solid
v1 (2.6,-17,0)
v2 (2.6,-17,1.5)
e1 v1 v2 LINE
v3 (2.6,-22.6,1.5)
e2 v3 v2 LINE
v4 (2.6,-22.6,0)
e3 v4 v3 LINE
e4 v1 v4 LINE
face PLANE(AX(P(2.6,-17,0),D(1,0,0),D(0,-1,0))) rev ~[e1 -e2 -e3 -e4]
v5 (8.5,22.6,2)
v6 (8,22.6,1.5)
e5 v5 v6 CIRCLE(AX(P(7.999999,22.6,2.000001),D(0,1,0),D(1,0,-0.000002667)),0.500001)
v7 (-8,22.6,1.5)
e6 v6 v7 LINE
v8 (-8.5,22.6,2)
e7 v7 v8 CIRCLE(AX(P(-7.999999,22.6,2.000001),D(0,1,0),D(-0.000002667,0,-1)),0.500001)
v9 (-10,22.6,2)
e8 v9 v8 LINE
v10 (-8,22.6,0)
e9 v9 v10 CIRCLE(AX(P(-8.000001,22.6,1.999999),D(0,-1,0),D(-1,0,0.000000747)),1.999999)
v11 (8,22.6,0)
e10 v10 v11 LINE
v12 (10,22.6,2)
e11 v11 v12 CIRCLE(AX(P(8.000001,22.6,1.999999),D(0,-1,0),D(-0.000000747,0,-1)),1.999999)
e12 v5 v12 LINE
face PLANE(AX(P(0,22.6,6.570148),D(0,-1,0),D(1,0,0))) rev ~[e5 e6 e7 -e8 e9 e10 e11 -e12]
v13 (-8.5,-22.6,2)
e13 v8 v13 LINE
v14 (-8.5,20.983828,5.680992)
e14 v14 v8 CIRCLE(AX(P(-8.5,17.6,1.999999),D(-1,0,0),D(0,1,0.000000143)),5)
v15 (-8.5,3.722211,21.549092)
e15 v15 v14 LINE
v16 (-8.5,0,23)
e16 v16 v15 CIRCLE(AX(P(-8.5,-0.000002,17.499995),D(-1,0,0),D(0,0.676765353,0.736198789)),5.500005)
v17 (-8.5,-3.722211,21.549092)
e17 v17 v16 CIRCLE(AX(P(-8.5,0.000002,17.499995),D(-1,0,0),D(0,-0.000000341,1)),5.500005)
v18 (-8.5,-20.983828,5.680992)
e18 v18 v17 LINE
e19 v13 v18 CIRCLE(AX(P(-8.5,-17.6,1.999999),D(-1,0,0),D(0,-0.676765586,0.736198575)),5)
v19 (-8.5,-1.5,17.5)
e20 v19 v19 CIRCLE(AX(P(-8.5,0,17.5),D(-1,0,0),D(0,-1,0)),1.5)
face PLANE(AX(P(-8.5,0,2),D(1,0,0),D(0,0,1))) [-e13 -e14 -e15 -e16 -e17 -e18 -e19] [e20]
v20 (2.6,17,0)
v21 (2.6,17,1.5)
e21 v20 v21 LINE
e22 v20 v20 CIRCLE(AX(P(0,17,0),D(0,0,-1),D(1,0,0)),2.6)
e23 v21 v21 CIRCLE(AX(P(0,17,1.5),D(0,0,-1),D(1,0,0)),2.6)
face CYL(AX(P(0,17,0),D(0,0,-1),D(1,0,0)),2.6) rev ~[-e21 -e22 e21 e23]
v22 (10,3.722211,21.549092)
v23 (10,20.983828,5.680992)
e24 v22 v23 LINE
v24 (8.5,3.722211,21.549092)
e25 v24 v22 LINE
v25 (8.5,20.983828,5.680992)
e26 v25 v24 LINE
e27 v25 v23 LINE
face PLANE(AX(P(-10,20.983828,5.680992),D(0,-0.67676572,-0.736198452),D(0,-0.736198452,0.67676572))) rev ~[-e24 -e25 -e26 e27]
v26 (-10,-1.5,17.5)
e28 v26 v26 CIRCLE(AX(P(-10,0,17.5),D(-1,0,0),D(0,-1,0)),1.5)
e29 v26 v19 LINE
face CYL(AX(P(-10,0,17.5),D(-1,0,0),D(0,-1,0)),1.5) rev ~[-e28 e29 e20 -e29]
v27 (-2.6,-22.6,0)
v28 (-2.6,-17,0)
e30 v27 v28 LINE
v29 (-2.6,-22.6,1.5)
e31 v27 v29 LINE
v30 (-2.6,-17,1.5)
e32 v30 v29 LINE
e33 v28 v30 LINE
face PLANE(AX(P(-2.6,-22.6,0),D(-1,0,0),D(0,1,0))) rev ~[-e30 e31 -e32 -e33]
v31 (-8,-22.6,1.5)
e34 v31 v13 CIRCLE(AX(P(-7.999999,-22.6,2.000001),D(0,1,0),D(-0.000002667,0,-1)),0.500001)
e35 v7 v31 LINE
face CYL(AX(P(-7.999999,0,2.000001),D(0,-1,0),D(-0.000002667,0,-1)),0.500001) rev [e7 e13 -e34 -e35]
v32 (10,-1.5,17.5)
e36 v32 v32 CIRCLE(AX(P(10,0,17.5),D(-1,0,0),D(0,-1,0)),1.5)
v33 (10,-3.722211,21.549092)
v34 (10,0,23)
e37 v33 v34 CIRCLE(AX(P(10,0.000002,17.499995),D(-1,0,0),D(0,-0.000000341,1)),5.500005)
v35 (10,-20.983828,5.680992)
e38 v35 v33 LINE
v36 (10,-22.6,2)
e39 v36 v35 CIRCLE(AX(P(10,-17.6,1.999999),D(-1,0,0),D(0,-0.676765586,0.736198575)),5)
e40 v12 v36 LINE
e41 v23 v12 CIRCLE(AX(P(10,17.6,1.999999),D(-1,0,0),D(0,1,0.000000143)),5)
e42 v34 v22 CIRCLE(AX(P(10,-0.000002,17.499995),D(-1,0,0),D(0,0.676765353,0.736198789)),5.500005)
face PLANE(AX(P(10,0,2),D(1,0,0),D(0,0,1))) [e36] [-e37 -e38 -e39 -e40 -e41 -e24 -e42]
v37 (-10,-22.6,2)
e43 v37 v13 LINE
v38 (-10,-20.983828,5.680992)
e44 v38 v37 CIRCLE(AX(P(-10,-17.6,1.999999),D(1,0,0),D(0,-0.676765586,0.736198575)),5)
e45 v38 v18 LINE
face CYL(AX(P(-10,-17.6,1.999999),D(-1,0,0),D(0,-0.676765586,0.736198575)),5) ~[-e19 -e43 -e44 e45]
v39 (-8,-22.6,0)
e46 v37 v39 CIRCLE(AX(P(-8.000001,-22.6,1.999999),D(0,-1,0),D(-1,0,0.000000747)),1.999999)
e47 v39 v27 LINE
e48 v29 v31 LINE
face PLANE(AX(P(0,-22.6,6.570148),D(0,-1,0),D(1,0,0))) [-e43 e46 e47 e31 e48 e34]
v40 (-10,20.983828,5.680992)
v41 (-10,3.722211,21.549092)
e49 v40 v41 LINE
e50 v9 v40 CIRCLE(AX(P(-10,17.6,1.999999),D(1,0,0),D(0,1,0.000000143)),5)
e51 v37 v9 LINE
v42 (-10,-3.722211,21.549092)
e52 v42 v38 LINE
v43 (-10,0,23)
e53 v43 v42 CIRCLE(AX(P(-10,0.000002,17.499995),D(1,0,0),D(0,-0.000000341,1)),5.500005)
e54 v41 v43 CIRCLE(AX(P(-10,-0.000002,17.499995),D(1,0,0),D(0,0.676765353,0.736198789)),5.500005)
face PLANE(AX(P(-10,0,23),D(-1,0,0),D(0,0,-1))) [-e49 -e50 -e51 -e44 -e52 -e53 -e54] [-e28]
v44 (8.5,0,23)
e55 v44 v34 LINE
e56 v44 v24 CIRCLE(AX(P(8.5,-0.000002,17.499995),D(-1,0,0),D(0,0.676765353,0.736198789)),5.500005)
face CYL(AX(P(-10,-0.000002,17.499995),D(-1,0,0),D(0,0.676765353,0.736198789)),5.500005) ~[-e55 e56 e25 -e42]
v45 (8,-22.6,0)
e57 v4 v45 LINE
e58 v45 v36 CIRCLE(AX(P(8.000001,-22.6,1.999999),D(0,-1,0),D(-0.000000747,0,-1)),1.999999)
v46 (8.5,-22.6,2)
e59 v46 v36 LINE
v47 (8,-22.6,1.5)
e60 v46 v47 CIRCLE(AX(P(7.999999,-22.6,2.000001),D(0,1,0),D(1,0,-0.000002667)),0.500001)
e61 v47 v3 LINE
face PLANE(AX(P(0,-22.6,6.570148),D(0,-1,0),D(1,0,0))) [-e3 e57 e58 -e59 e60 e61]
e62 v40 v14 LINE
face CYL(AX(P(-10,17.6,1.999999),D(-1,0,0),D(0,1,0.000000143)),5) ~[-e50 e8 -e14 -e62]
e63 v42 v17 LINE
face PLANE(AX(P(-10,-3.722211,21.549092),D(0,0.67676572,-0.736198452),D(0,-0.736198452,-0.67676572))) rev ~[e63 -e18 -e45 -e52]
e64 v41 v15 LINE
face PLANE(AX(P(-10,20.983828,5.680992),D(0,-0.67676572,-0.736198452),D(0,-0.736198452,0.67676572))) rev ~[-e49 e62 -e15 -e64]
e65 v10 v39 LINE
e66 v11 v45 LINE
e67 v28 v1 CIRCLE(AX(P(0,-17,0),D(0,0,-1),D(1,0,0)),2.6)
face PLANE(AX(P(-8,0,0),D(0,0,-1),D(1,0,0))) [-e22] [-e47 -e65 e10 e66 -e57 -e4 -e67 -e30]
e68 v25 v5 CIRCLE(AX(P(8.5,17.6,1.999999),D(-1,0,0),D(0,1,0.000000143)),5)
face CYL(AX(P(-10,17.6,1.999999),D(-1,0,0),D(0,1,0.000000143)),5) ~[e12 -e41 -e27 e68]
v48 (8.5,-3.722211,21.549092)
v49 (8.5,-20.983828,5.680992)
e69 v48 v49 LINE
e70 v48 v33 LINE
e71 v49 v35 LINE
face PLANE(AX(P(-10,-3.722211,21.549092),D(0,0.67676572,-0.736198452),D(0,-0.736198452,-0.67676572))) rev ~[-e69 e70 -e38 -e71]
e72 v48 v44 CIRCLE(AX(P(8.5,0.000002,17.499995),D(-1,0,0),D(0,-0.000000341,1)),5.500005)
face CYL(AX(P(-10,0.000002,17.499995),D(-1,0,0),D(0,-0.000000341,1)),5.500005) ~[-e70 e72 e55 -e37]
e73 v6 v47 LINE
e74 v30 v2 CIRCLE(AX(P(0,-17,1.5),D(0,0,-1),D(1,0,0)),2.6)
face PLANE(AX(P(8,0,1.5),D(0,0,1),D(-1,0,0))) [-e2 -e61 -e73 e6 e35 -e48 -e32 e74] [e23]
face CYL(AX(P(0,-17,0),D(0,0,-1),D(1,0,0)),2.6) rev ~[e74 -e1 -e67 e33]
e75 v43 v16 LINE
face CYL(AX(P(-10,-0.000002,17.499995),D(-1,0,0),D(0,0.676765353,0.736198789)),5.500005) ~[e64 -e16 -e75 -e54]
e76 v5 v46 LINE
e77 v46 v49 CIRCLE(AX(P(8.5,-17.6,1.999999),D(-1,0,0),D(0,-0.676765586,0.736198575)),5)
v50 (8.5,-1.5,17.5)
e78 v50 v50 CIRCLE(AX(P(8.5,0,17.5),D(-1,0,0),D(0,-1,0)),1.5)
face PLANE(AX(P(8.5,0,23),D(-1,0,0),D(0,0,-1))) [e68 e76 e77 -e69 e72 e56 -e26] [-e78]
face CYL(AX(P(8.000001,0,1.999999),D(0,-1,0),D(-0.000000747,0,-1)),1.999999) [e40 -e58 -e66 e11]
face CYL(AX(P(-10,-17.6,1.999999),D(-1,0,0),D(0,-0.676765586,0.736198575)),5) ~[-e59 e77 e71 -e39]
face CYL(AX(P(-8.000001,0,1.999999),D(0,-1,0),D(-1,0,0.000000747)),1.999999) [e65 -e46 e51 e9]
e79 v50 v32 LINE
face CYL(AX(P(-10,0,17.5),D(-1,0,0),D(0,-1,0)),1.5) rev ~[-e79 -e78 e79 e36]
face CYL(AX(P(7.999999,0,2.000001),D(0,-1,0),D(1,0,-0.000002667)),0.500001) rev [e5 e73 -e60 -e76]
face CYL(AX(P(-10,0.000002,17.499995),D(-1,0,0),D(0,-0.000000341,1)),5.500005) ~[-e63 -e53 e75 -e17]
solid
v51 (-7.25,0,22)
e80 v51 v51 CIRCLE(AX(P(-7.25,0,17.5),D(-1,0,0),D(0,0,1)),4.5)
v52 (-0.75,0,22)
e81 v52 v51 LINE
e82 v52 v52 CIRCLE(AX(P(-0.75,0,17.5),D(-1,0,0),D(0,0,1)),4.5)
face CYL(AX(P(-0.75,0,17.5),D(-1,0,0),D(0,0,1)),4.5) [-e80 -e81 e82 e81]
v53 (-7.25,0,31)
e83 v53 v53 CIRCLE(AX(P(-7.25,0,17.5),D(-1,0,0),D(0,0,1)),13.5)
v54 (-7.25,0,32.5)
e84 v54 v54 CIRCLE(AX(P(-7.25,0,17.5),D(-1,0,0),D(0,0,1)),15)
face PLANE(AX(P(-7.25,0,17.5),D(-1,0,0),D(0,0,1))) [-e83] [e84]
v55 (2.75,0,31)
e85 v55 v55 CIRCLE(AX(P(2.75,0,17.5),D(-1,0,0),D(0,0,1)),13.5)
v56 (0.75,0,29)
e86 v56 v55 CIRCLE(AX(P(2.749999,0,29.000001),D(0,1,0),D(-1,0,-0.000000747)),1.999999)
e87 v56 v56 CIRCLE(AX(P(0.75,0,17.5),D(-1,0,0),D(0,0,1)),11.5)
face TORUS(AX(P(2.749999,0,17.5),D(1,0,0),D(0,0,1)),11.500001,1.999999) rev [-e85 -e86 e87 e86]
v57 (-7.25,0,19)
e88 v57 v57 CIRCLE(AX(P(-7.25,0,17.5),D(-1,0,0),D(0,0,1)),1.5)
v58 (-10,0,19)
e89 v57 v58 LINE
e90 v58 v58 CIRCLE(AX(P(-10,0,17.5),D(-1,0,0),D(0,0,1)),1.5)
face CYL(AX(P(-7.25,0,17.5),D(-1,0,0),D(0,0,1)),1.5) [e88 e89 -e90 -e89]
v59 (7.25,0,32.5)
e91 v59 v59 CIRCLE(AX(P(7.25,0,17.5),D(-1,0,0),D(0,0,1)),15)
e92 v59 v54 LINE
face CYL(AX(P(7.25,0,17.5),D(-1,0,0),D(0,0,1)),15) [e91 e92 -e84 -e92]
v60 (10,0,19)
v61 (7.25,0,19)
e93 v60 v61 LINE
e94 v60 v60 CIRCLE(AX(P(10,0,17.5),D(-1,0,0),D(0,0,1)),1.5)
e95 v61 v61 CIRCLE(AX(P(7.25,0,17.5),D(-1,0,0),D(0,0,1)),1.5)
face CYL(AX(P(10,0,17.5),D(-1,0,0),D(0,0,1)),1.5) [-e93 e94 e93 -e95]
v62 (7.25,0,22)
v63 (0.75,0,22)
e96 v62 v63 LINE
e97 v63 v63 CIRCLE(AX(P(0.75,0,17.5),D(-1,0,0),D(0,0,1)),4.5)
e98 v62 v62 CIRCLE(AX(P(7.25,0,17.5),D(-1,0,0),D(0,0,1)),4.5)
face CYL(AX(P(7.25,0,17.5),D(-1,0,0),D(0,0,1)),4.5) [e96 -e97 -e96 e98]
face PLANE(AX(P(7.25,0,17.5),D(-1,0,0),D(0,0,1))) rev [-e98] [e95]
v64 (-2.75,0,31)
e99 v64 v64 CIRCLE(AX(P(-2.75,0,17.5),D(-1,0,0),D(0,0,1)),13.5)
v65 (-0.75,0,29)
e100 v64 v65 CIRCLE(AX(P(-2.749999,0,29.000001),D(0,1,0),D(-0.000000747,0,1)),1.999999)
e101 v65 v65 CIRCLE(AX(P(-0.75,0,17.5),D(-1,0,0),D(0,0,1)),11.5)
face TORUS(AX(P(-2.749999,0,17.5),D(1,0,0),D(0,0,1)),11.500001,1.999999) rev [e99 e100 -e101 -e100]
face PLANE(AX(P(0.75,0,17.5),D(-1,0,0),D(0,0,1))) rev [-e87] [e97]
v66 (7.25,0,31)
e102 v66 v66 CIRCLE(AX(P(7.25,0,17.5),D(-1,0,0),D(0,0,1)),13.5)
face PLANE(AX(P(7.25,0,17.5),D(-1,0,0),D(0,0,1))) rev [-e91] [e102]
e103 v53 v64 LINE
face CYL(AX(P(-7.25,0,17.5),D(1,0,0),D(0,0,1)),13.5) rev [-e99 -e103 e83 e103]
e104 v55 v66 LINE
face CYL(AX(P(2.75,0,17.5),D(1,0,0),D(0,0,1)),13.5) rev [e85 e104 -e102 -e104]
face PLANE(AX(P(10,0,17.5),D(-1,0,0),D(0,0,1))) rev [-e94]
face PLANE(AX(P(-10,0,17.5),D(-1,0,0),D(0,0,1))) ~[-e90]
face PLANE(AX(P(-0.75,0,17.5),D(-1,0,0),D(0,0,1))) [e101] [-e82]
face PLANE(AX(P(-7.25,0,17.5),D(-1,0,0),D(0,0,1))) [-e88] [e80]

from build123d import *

# Parameters (mm, degrees)
F0_W          = 1.5
F0_H          = 1.5
F0_H_2        = 4
F1_DEPTH      = 22.6
F1_DEPTH_BACK = 22.6
F2_R          = 1.5
F3_DEPTH      = 25
F4_R          = 2.6
F5_DEPTH      = 25


with BuildPart() as f1:
    # F0 (on Front) → F1 (new body, two sides)
    with BuildSketch(Plane.XZ) as f1_sk:
        with BuildLine():
            ThreePointArc((-10, 2), (-9.414214, 0.585786), (-8, 0))
            Line((-8, 0), (8, 0))
            ThreePointArc((8, 0), (9.414214, 0.585786), (10, 2))
            Line((10, 2), (10, 17.5))
            Line((10, 17.5), (8.5, 17.5))
            Line((8.5, 17.5), (8.5, 2))
            ThreePointArc((8.5, 2), (8.353553, 1.646447), (8, 1.5))
            Line((8, 1.5), (-8, 1.5))
            ThreePointArc((-8, 1.5), (-8.353553, 1.646447), (-8.5, 2))
            Line((-8.5, 2), (-8.5, 17.5))
            Line((-8.5, 17.5), (-10, 17.5))
            Line((-10, 17.5), (-10, 2))
        make_face()
        with Locations((-9.25, 18.25)):
            Rectangle(F0_W, F0_H)
        with Locations((-9.25, 21)):
            Rectangle(F0_W, F0_H_2)
        with Locations((9.25, 18.25)):
            Rectangle(F0_W, F0_H)
        with Locations((9.25, 21)):
            Rectangle(F0_W, F0_H_2)
    extrude(amount=F1_DEPTH)
    extrude(f1_sk.sketch, amount=-F1_DEPTH_BACK)

    # F2 (on face) → F3 (cut)
    with BuildSketch(Plane(origin=(-10, 0, 0), x_dir=(0, -1, 0), z_dir=(-1, 0, 0))):
        with BuildLine():
            ThreePointArc((0, 23), (1.997498, 22.624451), (3.722211, 21.549092))
            Line((3.722211, 21.549092), (20.983828, 5.680992))
            ThreePointArc((20.983828, 5.680992), (22.178162, 4.010082), (22.6, 2))
            Line((22.6, 2), (22.6, 23))
            Line((22.6, 23), (0, 23))
        make_face()
        with BuildLine():
            ThreePointArc((-3.722211, 21.549092), (-1.997498, 22.624451), (0, 23))
            Line((0, 23), (-22.6, 23))
            Line((-22.6, 23), (-22.6, 2))
            ThreePointArc((-22.6, 2), (-22.178162, 4.010082), (-20.983828, 5.680992))
            Line((-20.983828, 5.680992), (-3.722211, 21.549092))
        make_face()
        with Locations((0, 17.5)):
            Circle(F2_R)
    extrude(amount=-F3_DEPTH, mode=Mode.SUBTRACT)

    # F4 (on face) → F5 (cut)
    with BuildSketch(Plane(origin=(0, 0, 0), x_dir=(1, 0, 0), z_dir=(0, 0, -1))):
        with BuildLine():
            ThreePointArc((-2.6, 17), (0, 14.4), (2.6, 17))
            ThreePointArc((2.6, 17), (0, 19.6), (-2.6, 17))
        make_face()
        with BuildLine():
            ThreePointArc((-2.6, 17), (0, 19.6), (2.6, 17))
            Line((2.6, 17), (2.6, 22.6))
            Line((2.6, 22.6), (-2.6, 22.6))
            Line((-2.6, 22.6), (-2.6, 17))
        make_face()
        with Locations((0, -17)):
            Circle(F4_R)
    extrude(amount=-F5_DEPTH, mode=Mode.SUBTRACT)


with BuildPart() as f6:
    # F0 (on Front) → F6 (revolve)
    with BuildSketch(Plane.XZ):
        with BuildLine():
            Line((-8.5, 19), (-8.5, 17.5))
            Line((-8.5, 17.5), (0, 17.5))
            Line((0, 17.5), (8.5, 17.5))
            Line((8.5, 17.5), (8.5, 19))
            Line((8.5, 19), (7.25, 19))
            Line((7.25, 19), (7.25, 22))
            Line((7.25, 22), (0.75, 22))
            Line((0.75, 22), (0.75, 29))
            ThreePointArc((0.75, 29), (1.335786, 30.414214), (2.75, 31))
            Line((2.75, 31), (7.25, 31))
            Line((7.25, 31), (7.25, 32.5))
            Line((7.25, 32.5), (0, 32.5))
            Line((0, 32.5), (-7.25, 32.5))
            Line((-7.25, 32.5), (-7.25, 31))
            Line((-7.25, 31), (-2.75, 31))
            ThreePointArc((-2.75, 31), (-1.335786, 30.414214), (-0.75, 29))
            Line((-0.75, 29), (-0.75, 22))
            Line((-0.75, 22), (-7.25, 22))
            Line((-7.25, 22), (-7.25, 19))
            Line((-7.25, 19), (-8.5, 19))
        make_face()
        with Locations((9.25, 18.25)):
            Rectangle(F0_W, F0_H)
        with Locations((-9.25, 18.25)):
            Rectangle(F0_W, F0_H)
    revolve(axis=Axis((4.25, 0, 17.5), (-1, 0, 0)))


solid = Compound([f1.part, f6.part])
